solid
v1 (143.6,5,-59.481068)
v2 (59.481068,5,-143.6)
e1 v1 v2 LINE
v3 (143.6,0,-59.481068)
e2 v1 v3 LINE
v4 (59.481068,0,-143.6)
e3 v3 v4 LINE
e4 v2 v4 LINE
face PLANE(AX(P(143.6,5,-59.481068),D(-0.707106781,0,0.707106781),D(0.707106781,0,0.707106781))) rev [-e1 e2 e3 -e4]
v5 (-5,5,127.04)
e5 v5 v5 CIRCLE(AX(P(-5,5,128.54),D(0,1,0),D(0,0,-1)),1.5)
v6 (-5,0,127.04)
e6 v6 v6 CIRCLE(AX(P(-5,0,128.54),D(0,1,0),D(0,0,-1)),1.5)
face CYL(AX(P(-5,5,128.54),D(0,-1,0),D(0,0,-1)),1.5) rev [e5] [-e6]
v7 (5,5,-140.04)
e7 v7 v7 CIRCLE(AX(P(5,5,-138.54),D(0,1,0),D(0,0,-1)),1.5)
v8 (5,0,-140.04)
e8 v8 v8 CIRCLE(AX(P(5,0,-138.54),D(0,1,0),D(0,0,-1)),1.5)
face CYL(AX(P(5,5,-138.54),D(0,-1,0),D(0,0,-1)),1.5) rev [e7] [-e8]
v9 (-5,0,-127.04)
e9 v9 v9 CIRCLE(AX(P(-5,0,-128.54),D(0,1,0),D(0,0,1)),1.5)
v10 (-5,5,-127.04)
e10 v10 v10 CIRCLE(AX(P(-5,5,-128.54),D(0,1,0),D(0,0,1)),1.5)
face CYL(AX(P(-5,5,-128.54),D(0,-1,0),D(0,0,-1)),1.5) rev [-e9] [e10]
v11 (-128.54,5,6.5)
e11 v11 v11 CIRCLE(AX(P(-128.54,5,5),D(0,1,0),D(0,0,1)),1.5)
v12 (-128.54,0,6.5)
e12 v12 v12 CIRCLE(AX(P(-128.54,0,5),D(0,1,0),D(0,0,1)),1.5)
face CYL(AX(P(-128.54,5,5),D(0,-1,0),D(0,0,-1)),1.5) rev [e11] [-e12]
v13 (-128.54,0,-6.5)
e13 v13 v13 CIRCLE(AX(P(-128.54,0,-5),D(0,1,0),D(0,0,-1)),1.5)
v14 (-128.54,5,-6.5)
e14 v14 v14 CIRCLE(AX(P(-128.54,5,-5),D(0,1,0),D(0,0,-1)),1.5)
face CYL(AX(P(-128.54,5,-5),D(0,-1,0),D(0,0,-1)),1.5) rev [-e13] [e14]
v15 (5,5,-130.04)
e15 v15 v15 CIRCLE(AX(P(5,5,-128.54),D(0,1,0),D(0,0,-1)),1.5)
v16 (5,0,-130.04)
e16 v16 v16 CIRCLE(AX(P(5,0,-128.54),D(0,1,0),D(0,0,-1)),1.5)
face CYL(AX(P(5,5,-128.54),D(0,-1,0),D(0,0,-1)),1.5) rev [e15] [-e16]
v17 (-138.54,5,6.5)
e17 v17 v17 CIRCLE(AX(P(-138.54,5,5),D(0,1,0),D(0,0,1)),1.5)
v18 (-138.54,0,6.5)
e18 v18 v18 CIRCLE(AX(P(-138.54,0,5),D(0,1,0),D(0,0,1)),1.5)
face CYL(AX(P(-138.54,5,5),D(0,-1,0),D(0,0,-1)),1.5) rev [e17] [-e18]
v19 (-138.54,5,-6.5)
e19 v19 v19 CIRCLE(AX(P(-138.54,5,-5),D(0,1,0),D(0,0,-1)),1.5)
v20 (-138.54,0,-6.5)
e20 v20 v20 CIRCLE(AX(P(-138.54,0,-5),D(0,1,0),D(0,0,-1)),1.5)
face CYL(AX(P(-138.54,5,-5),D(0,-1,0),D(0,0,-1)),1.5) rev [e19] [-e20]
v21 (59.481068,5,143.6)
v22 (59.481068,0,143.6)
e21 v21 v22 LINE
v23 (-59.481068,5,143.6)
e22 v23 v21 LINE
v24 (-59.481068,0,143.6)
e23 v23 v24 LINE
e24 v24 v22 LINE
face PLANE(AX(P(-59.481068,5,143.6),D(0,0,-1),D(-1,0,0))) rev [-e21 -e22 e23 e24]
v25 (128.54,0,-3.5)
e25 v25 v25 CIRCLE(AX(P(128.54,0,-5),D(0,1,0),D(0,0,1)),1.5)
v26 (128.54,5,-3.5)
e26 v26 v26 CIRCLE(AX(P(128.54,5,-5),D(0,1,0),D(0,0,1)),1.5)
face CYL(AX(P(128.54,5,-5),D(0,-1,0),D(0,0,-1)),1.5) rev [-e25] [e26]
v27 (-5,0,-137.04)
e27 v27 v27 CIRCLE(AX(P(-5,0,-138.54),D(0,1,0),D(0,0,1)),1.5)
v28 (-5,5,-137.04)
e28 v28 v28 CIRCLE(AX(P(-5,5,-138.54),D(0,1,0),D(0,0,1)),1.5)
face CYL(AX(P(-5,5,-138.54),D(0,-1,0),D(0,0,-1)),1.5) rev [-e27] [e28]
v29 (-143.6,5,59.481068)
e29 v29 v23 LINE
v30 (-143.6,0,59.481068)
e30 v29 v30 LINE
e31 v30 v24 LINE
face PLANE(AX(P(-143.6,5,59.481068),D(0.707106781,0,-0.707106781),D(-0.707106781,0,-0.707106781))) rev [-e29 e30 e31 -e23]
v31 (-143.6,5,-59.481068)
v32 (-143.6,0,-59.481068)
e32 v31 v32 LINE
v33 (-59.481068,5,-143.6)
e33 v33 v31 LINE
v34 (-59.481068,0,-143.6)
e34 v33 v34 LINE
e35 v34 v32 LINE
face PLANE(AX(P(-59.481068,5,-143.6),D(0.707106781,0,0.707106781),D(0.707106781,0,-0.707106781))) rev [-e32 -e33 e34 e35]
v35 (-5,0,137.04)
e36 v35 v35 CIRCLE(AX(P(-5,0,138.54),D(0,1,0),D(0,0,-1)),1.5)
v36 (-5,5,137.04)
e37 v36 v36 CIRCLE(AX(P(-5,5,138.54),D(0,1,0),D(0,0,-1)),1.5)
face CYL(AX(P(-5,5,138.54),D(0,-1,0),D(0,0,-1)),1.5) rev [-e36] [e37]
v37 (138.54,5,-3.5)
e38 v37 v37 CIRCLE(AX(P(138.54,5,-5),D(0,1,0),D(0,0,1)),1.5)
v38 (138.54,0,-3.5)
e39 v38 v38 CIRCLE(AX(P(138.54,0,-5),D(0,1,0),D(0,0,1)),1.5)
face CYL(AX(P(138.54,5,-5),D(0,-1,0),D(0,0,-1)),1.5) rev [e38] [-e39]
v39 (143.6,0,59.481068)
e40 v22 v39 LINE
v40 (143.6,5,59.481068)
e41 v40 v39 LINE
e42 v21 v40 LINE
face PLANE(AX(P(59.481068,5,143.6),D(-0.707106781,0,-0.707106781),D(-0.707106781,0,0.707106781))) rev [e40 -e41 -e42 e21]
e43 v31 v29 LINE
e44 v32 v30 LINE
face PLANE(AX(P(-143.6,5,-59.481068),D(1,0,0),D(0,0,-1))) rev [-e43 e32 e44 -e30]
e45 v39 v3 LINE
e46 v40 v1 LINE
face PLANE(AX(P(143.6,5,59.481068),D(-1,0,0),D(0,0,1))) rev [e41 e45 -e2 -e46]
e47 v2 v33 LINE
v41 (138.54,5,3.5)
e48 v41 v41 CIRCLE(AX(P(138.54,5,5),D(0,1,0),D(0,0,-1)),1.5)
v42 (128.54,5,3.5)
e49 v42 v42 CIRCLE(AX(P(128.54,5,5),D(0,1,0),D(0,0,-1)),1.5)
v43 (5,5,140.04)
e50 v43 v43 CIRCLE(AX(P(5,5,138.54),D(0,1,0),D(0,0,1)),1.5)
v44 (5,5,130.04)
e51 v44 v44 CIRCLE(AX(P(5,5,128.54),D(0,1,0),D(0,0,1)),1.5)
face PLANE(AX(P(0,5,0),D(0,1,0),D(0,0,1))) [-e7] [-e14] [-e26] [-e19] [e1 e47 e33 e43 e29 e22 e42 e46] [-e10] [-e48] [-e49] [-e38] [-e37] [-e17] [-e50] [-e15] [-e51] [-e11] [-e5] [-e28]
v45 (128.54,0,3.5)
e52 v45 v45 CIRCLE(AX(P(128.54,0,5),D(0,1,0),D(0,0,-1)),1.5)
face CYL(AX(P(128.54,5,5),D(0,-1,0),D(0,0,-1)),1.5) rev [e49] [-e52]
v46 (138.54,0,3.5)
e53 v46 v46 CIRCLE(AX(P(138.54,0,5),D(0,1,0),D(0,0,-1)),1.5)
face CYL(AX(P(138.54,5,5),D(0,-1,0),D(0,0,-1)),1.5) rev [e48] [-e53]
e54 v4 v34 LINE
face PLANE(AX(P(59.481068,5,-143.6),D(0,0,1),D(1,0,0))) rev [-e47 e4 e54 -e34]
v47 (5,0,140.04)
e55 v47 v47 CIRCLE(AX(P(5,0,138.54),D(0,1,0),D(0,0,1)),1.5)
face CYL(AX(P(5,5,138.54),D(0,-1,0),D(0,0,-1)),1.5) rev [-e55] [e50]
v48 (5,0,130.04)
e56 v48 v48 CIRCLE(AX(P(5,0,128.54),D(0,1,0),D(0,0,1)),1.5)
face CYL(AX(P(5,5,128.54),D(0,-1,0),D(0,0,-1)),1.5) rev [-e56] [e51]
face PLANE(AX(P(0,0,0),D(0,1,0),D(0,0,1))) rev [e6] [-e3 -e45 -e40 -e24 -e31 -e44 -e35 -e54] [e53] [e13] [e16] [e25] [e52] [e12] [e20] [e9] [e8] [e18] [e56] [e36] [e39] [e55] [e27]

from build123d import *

# Parameters (mm, degrees)
SKETCH_1_R      = 1.5
EXTRUDE_1_DEPTH = 5


with BuildPart() as part:
    # 스케치1 → 보스-돌출1 (new body)
    with BuildSketch(Plane(origin=(0, 0, 0), x_dir=(1, 0, 0), z_dir=(0, 1, 0))):
        Polygon((59.481067557, -143.6), (143.6, -59.481067557), (143.6, 59.481067557), (59.481067557, 143.6), (-59.481067557, 143.6), (-143.6, 59.481067557), (-143.6, -59.481067557), (-59.481067557, -143.6), align=None)
        with Locations((-5, 138.54)):
            Circle(SKETCH_1_R, mode=Mode.SUBTRACT)
        with Locations((-5, 128.54)):
            Circle(SKETCH_1_R, mode=Mode.SUBTRACT)
        with Locations((5, 128.54)):
            Circle(SKETCH_1_R, mode=Mode.SUBTRACT)
        with Locations((5, 138.54)):
            Circle(SKETCH_1_R, mode=Mode.SUBTRACT)
        with Locations((138.54, 5)):
            Circle(SKETCH_1_R, mode=Mode.SUBTRACT)
        with Locations((128.54, 5)):
            Circle(SKETCH_1_R, mode=Mode.SUBTRACT)
        with Locations((128.54, -5)):
            Circle(SKETCH_1_R, mode=Mode.SUBTRACT)
        with Locations((138.54, -5)):
            Circle(SKETCH_1_R, mode=Mode.SUBTRACT)
        with Locations((5, -138.54)):
            Circle(SKETCH_1_R, mode=Mode.SUBTRACT)
        with Locations((5, -128.54)):
            Circle(SKETCH_1_R, mode=Mode.SUBTRACT)
        with Locations((-5, -128.54)):
            Circle(SKETCH_1_R, mode=Mode.SUBTRACT)
        with Locations((-5, -138.54)):
            Circle(SKETCH_1_R, mode=Mode.SUBTRACT)
        with Locations((-138.54, -5)):
            Circle(SKETCH_1_R, mode=Mode.SUBTRACT)
        with Locations((-128.54, -5)):
            Circle(SKETCH_1_R, mode=Mode.SUBTRACT)
        with Locations((-128.54, 5)):
            Circle(SKETCH_1_R, mode=Mode.SUBTRACT)
        with Locations((-138.54, 5)):
            Circle(SKETCH_1_R, mode=Mode.SUBTRACT)
    extrude(amount=EXTRUDE_1_DEPTH)


solid = part.part
